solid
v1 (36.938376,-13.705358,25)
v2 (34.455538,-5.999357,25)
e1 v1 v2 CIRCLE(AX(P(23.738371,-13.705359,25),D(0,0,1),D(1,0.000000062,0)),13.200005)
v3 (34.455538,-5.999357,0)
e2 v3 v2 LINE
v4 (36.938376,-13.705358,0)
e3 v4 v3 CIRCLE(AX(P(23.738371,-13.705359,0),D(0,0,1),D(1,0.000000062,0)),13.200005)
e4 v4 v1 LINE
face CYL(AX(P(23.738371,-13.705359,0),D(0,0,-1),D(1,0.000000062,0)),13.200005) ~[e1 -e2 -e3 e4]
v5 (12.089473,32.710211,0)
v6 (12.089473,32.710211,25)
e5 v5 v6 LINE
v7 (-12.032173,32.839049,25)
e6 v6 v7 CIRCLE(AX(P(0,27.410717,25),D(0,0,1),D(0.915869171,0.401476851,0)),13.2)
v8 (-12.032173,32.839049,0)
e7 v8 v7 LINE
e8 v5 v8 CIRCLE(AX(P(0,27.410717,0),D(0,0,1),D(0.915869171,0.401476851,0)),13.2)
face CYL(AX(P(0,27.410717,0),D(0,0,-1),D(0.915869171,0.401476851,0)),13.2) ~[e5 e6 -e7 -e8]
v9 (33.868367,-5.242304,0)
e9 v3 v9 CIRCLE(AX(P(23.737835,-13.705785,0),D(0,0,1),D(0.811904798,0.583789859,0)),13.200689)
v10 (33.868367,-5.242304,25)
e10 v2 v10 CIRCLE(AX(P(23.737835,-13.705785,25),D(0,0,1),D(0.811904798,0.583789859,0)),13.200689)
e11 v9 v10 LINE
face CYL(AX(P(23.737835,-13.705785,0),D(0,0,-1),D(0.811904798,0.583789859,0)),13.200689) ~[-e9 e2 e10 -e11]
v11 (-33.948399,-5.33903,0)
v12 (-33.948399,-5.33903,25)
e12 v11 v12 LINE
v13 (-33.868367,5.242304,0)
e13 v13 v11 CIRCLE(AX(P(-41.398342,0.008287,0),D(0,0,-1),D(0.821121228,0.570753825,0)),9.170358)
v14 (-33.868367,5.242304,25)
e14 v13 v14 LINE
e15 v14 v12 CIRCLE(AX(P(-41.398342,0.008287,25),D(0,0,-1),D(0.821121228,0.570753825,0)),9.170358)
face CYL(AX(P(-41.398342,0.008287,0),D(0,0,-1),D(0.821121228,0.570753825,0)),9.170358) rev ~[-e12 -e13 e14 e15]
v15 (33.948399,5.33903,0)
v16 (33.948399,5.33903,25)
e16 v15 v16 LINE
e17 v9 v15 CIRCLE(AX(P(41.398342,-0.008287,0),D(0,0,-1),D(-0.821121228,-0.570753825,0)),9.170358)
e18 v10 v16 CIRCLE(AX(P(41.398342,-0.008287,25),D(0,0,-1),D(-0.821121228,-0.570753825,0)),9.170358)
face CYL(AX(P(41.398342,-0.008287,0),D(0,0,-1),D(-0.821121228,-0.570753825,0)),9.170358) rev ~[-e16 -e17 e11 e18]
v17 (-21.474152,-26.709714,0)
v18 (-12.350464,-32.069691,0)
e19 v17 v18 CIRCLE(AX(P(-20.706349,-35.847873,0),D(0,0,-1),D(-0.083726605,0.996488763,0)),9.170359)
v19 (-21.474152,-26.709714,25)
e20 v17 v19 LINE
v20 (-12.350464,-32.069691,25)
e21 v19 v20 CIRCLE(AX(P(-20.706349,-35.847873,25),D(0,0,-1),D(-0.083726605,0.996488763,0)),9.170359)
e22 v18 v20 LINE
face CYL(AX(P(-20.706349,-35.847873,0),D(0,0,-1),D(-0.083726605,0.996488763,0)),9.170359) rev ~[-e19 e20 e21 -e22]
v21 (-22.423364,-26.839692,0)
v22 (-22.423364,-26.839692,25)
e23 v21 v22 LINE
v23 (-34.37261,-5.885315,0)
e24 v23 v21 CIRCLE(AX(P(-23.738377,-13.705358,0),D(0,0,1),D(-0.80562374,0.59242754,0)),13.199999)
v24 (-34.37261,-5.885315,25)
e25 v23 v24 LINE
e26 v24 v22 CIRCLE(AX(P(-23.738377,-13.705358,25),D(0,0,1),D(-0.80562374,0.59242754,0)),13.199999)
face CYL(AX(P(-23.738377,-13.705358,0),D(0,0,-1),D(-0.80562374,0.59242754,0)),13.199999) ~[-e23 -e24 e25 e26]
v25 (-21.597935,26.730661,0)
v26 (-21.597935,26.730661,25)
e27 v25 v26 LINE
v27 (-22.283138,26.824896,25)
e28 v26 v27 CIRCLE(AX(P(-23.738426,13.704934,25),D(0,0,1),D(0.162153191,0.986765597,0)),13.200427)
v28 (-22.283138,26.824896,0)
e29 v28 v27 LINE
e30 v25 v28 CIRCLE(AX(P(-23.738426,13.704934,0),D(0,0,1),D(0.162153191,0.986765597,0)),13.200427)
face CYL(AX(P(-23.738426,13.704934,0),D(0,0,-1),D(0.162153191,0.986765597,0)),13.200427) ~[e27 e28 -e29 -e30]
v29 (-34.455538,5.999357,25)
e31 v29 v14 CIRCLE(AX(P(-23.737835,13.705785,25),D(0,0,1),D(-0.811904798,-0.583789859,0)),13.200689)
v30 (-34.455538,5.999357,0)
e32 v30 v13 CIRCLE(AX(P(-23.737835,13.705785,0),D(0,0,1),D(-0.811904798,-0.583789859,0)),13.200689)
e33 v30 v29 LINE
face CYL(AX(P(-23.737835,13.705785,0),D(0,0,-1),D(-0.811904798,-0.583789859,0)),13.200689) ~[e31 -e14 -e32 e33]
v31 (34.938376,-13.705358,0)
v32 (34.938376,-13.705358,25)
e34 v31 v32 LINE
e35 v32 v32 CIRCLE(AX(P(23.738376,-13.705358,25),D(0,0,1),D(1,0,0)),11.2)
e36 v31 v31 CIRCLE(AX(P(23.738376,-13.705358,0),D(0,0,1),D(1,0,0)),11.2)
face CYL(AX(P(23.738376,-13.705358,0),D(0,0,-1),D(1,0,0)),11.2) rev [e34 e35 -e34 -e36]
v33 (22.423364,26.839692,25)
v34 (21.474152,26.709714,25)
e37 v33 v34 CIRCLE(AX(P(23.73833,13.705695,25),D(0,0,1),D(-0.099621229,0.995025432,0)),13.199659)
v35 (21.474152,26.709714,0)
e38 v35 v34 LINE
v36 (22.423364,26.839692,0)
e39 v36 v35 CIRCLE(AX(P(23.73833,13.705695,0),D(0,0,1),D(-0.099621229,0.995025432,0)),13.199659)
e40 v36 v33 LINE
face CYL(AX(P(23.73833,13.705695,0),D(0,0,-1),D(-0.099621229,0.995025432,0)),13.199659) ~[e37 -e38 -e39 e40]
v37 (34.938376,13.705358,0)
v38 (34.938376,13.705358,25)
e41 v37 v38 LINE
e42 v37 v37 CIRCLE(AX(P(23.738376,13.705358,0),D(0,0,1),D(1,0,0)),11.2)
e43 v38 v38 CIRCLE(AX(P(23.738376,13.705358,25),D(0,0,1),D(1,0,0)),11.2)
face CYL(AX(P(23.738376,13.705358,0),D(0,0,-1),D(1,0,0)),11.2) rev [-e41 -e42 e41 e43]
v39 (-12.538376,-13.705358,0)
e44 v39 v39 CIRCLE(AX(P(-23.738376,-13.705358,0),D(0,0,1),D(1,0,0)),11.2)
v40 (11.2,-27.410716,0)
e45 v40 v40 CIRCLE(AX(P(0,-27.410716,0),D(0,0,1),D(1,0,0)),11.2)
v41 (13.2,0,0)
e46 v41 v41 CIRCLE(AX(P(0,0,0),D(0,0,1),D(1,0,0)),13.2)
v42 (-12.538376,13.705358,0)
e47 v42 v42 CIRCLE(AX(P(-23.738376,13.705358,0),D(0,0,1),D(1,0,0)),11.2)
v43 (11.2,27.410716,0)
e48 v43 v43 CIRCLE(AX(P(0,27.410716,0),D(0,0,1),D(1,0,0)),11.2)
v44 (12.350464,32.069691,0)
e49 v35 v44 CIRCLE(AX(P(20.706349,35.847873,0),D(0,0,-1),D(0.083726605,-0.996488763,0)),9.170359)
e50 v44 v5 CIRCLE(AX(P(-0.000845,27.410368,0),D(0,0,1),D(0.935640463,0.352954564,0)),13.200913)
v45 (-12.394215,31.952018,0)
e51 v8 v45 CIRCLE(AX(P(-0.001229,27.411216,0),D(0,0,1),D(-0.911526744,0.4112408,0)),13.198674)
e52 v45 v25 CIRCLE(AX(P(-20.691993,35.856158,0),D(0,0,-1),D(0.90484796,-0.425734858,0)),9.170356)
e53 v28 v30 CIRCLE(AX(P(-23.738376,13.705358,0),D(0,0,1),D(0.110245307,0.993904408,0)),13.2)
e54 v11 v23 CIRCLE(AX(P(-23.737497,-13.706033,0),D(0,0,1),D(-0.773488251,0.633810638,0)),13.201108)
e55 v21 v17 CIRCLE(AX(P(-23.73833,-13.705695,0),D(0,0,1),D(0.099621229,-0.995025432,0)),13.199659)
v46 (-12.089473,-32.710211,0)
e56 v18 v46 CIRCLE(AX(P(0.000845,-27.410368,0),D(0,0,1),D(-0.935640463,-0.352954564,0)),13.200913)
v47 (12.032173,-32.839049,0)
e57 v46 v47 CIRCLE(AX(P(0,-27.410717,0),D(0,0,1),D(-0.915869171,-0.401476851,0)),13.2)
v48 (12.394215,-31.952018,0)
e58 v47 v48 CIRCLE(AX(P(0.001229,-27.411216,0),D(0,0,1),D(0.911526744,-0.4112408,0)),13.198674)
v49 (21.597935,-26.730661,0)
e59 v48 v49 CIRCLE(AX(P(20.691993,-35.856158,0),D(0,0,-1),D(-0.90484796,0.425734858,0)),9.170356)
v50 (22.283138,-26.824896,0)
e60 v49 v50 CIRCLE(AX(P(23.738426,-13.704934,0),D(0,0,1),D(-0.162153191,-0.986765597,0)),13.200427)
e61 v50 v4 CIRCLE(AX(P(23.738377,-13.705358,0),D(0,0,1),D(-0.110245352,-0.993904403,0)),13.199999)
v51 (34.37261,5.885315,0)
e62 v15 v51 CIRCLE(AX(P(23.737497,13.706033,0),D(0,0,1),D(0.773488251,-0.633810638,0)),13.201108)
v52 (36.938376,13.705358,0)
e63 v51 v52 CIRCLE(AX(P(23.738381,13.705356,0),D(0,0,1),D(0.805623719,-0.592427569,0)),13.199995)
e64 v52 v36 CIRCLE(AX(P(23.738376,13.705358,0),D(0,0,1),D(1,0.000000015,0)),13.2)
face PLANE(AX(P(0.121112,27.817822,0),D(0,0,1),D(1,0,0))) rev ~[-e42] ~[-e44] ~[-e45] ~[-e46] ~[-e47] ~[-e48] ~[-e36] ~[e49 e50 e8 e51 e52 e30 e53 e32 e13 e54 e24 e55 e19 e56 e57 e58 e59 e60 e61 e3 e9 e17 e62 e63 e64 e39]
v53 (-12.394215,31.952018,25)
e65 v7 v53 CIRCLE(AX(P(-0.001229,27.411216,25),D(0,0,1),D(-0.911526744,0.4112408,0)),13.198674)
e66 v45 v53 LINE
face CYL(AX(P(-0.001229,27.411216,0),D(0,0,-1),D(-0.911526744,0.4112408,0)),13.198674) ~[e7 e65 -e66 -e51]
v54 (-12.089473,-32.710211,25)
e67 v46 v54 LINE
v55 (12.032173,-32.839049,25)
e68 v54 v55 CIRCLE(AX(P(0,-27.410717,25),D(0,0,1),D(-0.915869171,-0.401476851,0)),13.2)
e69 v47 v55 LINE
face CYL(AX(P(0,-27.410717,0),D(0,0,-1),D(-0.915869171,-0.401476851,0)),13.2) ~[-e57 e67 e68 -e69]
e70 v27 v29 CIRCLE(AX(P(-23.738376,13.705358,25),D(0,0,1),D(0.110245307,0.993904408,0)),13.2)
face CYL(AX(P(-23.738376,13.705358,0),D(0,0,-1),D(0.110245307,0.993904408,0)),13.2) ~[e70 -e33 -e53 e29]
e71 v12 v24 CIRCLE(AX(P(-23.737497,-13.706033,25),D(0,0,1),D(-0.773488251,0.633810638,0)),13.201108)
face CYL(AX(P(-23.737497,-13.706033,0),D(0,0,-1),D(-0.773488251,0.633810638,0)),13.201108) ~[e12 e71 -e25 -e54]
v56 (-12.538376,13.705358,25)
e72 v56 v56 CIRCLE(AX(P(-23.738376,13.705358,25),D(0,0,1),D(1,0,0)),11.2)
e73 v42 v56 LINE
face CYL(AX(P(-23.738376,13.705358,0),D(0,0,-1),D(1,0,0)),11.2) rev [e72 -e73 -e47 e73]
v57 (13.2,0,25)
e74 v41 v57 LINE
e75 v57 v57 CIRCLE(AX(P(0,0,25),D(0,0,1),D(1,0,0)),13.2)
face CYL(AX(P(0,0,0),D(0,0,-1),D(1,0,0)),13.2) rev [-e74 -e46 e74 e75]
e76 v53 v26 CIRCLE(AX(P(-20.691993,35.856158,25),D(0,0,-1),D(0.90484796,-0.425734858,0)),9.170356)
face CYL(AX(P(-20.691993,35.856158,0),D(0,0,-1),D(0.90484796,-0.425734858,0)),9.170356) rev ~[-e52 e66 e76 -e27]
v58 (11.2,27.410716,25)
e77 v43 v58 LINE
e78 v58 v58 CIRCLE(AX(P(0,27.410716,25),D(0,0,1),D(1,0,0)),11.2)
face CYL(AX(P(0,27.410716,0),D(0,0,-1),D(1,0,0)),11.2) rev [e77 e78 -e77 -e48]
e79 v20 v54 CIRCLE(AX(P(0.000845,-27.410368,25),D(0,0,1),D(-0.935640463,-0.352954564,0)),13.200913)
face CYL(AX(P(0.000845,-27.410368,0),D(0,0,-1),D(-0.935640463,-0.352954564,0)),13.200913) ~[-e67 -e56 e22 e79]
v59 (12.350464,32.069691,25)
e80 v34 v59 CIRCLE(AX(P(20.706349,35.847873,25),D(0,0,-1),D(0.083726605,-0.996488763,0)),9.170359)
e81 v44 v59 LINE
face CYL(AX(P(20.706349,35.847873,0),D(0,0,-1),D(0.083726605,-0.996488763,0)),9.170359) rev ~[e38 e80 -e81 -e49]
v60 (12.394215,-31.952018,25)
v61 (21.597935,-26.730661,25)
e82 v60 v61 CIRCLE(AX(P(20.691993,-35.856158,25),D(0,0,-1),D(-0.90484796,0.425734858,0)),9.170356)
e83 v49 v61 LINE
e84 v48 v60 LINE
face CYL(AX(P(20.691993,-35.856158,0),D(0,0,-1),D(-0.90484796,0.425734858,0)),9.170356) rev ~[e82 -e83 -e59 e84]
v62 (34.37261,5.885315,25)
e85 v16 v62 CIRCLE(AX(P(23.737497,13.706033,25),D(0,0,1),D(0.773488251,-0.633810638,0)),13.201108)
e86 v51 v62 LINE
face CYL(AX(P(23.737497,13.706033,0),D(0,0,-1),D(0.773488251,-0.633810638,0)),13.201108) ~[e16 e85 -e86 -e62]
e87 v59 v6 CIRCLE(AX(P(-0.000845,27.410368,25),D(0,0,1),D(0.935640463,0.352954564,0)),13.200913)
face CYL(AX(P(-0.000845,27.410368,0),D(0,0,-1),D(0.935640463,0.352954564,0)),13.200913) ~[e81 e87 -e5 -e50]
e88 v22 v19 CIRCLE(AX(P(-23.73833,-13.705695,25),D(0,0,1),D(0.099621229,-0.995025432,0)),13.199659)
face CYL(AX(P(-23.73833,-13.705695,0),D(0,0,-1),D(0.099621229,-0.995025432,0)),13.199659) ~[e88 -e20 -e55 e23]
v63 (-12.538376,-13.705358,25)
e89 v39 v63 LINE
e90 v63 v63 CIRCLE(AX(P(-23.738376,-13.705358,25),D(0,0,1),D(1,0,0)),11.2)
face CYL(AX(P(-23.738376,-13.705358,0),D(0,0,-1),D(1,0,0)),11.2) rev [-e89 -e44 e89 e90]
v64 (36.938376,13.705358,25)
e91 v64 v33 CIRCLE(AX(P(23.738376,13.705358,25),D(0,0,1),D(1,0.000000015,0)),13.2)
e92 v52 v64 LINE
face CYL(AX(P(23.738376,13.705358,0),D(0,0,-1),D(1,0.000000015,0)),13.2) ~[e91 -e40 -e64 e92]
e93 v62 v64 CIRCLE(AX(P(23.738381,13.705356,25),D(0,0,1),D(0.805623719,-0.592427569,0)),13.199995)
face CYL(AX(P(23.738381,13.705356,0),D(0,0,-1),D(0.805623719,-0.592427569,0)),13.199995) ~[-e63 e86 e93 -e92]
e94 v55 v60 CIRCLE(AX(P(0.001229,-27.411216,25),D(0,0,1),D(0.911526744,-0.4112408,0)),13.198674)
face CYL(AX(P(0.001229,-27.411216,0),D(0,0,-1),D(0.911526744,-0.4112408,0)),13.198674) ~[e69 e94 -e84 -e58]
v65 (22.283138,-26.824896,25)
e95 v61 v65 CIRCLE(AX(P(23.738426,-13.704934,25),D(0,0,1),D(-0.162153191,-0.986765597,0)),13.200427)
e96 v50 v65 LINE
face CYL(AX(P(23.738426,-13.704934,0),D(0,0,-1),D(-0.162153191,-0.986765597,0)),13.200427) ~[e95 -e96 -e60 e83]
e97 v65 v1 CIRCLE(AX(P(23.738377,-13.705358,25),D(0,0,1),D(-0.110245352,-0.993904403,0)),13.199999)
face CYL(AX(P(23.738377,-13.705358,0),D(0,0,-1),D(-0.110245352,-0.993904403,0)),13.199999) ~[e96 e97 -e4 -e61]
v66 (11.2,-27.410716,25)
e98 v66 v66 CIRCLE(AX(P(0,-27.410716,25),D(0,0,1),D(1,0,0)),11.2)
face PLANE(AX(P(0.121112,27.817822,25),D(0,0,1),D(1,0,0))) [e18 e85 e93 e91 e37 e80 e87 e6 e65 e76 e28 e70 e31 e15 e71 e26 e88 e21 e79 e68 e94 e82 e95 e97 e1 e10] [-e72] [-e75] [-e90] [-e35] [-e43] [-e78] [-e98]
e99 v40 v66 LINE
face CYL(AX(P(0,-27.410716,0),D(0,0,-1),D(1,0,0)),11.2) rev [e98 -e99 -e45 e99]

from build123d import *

# Parameters (mm, degrees)
F0_R     = 11.2
F0_R_2   = 13.2
F1_DEPTH = 25


with BuildPart() as f1:
    # F0 (on Top) → F1 (new body)
    with BuildSketch(Plane.XY):
        with BuildLine():
            ThreePointArc((12.350464, 32.069691), (12.213927, 32.387489), (12.089473, 32.710211))
            ThreePointArc((12.089473, 32.710211), (0.070503, 40.610528), (-12.032173, 32.839049))
            ThreePointArc((-12.032173, 32.839049), (-12.201602, 32.390803), (-12.394215, 31.952018))
            ThreePointArc((-12.394215, 31.952018), (-2.306118, 14.413723), (13.2, 27.410716))
            ThreePointArc((13.2, 27.410716), (12.985879, 29.778613), (12.350464, 32.069691))
        make_face()
        with Locations((0, 27.410716)):
            Circle(F0_R, mode=Mode.SUBTRACT)
        with BuildLine():
            ThreePointArc((12.350464, 32.069691), (12.224164, 32.391661), (12.089473, 32.710211))
            ThreePointArc((12.089473, 32.710211), (12.213927, 32.387489), (12.350464, 32.069691))
        make_face()
        with BuildLine():
            ThreePointArc((-12.394215, 31.952018), (-12.201602, 32.390803), (-12.032173, 32.839049))
            ThreePointArc((-12.032173, 32.839049), (-12.221245, 32.39882), (-12.394215, 31.952018))
        make_face()
        with BuildLine():
            ThreePointArc((21.474152, 26.709714), (16.061235, 27.941016), (12.350464, 32.069691))
            ThreePointArc((12.350464, 32.069691), (12.985879, 29.778613), (13.2, 27.410716))
            ThreePointArc((13.2, 27.410716), (-2.306118, 14.413723), (-12.394215, 31.952018))
            ThreePointArc((-12.394215, 31.952018), (-16.167012, 27.879945), (-21.597935, 26.730661))
            ThreePointArc((-21.597935, 26.730661), (-13.676224, 22.248957), (-10.538376, 13.705358))
            ThreePointArc((-10.538376, 13.705358), (-19.237037, 1.296573), (-33.868367, 5.242304))
            ThreePointArc((-33.868367, 5.242304), (-32.228247, -0.061071), (-33.948399, -5.33903))
            ThreePointArc((-33.948399, -5.33903), (-19.296096, -1.275308), (-10.538376, -13.705358))
            ThreePointArc((-10.538376, -13.705358), (-13.635709, -22.201011), (-21.474152, -26.709714))
            ThreePointArc((-21.474152, -26.709714), (-16.061235, -27.941016), (-12.350464, -32.069691))
            ThreePointArc((-12.350464, -32.069691), (-2.367898, -14.424837), (13.2, -27.410716))
            ThreePointArc((13.2, -27.410716), (12.996993, -29.716834), (12.394215, -31.952018))
            ThreePointArc((12.394215, -31.952018), (16.167012, -27.879945), (21.597935, -26.730661))
            ThreePointArc((21.597935, -26.730661), (12.275585, -7.159794), (33.868367, -5.242304))
            ThreePointArc((33.868367, -5.242304), (32.228247, 0.061071), (33.948399, 5.33903))
            ThreePointArc((33.948399, 5.33903), (12.338356, 7.051071), (21.474152, 26.709714))
        make_face()
        Circle(F0_R_2, mode=Mode.SUBTRACT)
        with BuildLine():
            ThreePointArc((22.423364, 26.839692), (21.950457, 26.762299), (21.474152, 26.709714))
            ThreePointArc((21.474152, 26.709714), (12.338356, 7.051071), (33.948399, 5.33903))
            ThreePointArc((33.948399, 5.33903), (34.155352, 5.616173), (34.37261, 5.885315))
            ThreePointArc((34.37261, 5.885315), (36.280543, 9.590257), (36.938376, 13.705358))
            ThreePointArc((36.938376, 13.705358), (32.595064, 23.493058), (22.423364, 26.839692))
        make_face()
        with Locations((23.738376, 13.705358)):
            Circle(F0_R, mode=Mode.SUBTRACT)
        with BuildLine():
            ThreePointArc((22.423364, 26.839692), (21.947579, 26.783318), (21.474152, 26.709714))
            ThreePointArc((21.474152, 26.709714), (21.950457, 26.762299), (22.423364, 26.839692))
        make_face()
        with BuildLine():
            ThreePointArc((-22.283138, 26.824896), (-21.941425, 26.771316), (-21.597935, 26.730661))
            ThreePointArc((-21.597935, 26.730661), (-21.939919, 26.782267), (-22.283138, 26.824896))
        make_face()
        with BuildLine():
            ThreePointArc((-10.538376, 13.705358), (-13.676224, 22.248957), (-21.597935, 26.730661))
            ThreePointArc((-21.597935, 26.730661), (-21.941425, 26.771316), (-22.283138, 26.824896))
            ThreePointArc((-22.283138, 26.824896), (-35.134497, 20.366321), (-34.455538, 5.999357))
            ThreePointArc((-34.455538, 5.999357), (-34.152059, 5.628504), (-33.868367, 5.242304))
            ThreePointArc((-33.868367, 5.242304), (-19.237037, 1.296573), (-10.538376, 13.705358))
        make_face()
        with Locations((-23.738376, 13.705358)):
            Circle(F0_R, mode=Mode.SUBTRACT)
        with BuildLine():
            ThreePointArc((34.37261, 5.885315), (34.155352, 5.616173), (33.948399, 5.33903))
            ThreePointArc((33.948399, 5.33903), (34.164083, 5.609394), (34.37261, 5.885315))
        make_face()
        with BuildLine():
            ThreePointArc((34.455538, -5.999357), (34.152059, -5.628504), (33.868367, -5.242304))
            ThreePointArc((33.868367, -5.242304), (12.275585, -7.159794), (21.597935, -26.730661))
            ThreePointArc((21.597935, -26.730661), (21.941425, -26.771316), (22.283138, -26.824896))
            ThreePointArc((22.283138, -26.824896), (32.542661, -23.540223), (36.938376, -13.705358))
            ThreePointArc((36.938376, -13.705358), (36.302343, -9.657305), (34.455538, -5.999357))
        make_face()
        with Locations((23.738376, -13.705358)):
            Circle(F0_R, mode=Mode.SUBTRACT)
        with BuildLine():
            ThreePointArc((34.455538, -5.999357), (34.168823, -5.615502), (33.868367, -5.242304))
            ThreePointArc((33.868367, -5.242304), (34.152059, -5.628504), (34.455538, -5.999357))
        make_face()
        with BuildLine():
            ThreePointArc((-34.455538, 5.999357), (-34.168823, 5.615502), (-33.868367, 5.242304))
            ThreePointArc((-33.868367, 5.242304), (-34.152059, 5.628504), (-34.455538, 5.999357))
        make_face()
        with BuildLine():
            ThreePointArc((22.283138, -26.824896), (21.941425, -26.771316), (21.597935, -26.730661))
            ThreePointArc((21.597935, -26.730661), (21.939919, -26.782267), (22.283138, -26.824896))
        make_face()
        with BuildLine():
            ThreePointArc((-34.37261, -5.885315), (-34.155352, -5.616173), (-33.948399, -5.33903))
            ThreePointArc((-33.948399, -5.33903), (-34.164083, -5.609394), (-34.37261, -5.885315))
        make_face()
        with BuildLine():
            ThreePointArc((-10.538376, -13.705358), (-19.296096, -1.275308), (-33.948399, -5.33903))
            ThreePointArc((-33.948399, -5.33903), (-34.155352, -5.616173), (-34.37261, -5.885315))
            ThreePointArc((-34.37261, -5.885315), (-35.205, -20.244207), (-22.423364, -26.839692))
            ThreePointArc((-22.423364, -26.839692), (-21.950457, -26.762299), (-21.474152, -26.709714))
            ThreePointArc((-21.474152, -26.709714), (-13.635709, -22.201011), (-10.538376, -13.705358))
        make_face()
        with Locations((-23.738376, -13.705358)):
            Circle(F0_R, mode=Mode.SUBTRACT)
        with BuildLine():
            ThreePointArc((12.032173, -32.839049), (12.201602, -32.390803), (12.394215, -31.952018))
            ThreePointArc((12.394215, -31.952018), (12.996993, -29.716834), (13.2, -27.410716))
            ThreePointArc((13.2, -27.410716), (-2.367898, -14.424837), (-12.350464, -32.069691))
            ThreePointArc((-12.350464, -32.069691), (-12.213927, -32.387489), (-12.089473, -32.710211))
            ThreePointArc((-12.089473, -32.710211), (-0.070503, -40.610528), (12.032173, -32.839049))
        make_face()
        with Locations((0, -27.410716)):
            Circle(F0_R, mode=Mode.SUBTRACT)
        with BuildLine():
            ThreePointArc((12.032173, -32.839049), (12.221245, -32.39882), (12.394215, -31.952018))
            ThreePointArc((12.394215, -31.952018), (12.201602, -32.390803), (12.032173, -32.839049))
        make_face()
        with BuildLine():
            ThreePointArc((-22.423364, -26.839692), (-21.947579, -26.783318), (-21.474152, -26.709714))
            ThreePointArc((-21.474152, -26.709714), (-21.950457, -26.762299), (-22.423364, -26.839692))
        make_face()
        with BuildLine():
            ThreePointArc((-12.350464, -32.069691), (-12.224164, -32.391661), (-12.089473, -32.710211))
            ThreePointArc((-12.089473, -32.710211), (-12.213927, -32.387489), (-12.350464, -32.069691))
        make_face()
    extrude(amount=F1_DEPTH)


solid = f1.part
